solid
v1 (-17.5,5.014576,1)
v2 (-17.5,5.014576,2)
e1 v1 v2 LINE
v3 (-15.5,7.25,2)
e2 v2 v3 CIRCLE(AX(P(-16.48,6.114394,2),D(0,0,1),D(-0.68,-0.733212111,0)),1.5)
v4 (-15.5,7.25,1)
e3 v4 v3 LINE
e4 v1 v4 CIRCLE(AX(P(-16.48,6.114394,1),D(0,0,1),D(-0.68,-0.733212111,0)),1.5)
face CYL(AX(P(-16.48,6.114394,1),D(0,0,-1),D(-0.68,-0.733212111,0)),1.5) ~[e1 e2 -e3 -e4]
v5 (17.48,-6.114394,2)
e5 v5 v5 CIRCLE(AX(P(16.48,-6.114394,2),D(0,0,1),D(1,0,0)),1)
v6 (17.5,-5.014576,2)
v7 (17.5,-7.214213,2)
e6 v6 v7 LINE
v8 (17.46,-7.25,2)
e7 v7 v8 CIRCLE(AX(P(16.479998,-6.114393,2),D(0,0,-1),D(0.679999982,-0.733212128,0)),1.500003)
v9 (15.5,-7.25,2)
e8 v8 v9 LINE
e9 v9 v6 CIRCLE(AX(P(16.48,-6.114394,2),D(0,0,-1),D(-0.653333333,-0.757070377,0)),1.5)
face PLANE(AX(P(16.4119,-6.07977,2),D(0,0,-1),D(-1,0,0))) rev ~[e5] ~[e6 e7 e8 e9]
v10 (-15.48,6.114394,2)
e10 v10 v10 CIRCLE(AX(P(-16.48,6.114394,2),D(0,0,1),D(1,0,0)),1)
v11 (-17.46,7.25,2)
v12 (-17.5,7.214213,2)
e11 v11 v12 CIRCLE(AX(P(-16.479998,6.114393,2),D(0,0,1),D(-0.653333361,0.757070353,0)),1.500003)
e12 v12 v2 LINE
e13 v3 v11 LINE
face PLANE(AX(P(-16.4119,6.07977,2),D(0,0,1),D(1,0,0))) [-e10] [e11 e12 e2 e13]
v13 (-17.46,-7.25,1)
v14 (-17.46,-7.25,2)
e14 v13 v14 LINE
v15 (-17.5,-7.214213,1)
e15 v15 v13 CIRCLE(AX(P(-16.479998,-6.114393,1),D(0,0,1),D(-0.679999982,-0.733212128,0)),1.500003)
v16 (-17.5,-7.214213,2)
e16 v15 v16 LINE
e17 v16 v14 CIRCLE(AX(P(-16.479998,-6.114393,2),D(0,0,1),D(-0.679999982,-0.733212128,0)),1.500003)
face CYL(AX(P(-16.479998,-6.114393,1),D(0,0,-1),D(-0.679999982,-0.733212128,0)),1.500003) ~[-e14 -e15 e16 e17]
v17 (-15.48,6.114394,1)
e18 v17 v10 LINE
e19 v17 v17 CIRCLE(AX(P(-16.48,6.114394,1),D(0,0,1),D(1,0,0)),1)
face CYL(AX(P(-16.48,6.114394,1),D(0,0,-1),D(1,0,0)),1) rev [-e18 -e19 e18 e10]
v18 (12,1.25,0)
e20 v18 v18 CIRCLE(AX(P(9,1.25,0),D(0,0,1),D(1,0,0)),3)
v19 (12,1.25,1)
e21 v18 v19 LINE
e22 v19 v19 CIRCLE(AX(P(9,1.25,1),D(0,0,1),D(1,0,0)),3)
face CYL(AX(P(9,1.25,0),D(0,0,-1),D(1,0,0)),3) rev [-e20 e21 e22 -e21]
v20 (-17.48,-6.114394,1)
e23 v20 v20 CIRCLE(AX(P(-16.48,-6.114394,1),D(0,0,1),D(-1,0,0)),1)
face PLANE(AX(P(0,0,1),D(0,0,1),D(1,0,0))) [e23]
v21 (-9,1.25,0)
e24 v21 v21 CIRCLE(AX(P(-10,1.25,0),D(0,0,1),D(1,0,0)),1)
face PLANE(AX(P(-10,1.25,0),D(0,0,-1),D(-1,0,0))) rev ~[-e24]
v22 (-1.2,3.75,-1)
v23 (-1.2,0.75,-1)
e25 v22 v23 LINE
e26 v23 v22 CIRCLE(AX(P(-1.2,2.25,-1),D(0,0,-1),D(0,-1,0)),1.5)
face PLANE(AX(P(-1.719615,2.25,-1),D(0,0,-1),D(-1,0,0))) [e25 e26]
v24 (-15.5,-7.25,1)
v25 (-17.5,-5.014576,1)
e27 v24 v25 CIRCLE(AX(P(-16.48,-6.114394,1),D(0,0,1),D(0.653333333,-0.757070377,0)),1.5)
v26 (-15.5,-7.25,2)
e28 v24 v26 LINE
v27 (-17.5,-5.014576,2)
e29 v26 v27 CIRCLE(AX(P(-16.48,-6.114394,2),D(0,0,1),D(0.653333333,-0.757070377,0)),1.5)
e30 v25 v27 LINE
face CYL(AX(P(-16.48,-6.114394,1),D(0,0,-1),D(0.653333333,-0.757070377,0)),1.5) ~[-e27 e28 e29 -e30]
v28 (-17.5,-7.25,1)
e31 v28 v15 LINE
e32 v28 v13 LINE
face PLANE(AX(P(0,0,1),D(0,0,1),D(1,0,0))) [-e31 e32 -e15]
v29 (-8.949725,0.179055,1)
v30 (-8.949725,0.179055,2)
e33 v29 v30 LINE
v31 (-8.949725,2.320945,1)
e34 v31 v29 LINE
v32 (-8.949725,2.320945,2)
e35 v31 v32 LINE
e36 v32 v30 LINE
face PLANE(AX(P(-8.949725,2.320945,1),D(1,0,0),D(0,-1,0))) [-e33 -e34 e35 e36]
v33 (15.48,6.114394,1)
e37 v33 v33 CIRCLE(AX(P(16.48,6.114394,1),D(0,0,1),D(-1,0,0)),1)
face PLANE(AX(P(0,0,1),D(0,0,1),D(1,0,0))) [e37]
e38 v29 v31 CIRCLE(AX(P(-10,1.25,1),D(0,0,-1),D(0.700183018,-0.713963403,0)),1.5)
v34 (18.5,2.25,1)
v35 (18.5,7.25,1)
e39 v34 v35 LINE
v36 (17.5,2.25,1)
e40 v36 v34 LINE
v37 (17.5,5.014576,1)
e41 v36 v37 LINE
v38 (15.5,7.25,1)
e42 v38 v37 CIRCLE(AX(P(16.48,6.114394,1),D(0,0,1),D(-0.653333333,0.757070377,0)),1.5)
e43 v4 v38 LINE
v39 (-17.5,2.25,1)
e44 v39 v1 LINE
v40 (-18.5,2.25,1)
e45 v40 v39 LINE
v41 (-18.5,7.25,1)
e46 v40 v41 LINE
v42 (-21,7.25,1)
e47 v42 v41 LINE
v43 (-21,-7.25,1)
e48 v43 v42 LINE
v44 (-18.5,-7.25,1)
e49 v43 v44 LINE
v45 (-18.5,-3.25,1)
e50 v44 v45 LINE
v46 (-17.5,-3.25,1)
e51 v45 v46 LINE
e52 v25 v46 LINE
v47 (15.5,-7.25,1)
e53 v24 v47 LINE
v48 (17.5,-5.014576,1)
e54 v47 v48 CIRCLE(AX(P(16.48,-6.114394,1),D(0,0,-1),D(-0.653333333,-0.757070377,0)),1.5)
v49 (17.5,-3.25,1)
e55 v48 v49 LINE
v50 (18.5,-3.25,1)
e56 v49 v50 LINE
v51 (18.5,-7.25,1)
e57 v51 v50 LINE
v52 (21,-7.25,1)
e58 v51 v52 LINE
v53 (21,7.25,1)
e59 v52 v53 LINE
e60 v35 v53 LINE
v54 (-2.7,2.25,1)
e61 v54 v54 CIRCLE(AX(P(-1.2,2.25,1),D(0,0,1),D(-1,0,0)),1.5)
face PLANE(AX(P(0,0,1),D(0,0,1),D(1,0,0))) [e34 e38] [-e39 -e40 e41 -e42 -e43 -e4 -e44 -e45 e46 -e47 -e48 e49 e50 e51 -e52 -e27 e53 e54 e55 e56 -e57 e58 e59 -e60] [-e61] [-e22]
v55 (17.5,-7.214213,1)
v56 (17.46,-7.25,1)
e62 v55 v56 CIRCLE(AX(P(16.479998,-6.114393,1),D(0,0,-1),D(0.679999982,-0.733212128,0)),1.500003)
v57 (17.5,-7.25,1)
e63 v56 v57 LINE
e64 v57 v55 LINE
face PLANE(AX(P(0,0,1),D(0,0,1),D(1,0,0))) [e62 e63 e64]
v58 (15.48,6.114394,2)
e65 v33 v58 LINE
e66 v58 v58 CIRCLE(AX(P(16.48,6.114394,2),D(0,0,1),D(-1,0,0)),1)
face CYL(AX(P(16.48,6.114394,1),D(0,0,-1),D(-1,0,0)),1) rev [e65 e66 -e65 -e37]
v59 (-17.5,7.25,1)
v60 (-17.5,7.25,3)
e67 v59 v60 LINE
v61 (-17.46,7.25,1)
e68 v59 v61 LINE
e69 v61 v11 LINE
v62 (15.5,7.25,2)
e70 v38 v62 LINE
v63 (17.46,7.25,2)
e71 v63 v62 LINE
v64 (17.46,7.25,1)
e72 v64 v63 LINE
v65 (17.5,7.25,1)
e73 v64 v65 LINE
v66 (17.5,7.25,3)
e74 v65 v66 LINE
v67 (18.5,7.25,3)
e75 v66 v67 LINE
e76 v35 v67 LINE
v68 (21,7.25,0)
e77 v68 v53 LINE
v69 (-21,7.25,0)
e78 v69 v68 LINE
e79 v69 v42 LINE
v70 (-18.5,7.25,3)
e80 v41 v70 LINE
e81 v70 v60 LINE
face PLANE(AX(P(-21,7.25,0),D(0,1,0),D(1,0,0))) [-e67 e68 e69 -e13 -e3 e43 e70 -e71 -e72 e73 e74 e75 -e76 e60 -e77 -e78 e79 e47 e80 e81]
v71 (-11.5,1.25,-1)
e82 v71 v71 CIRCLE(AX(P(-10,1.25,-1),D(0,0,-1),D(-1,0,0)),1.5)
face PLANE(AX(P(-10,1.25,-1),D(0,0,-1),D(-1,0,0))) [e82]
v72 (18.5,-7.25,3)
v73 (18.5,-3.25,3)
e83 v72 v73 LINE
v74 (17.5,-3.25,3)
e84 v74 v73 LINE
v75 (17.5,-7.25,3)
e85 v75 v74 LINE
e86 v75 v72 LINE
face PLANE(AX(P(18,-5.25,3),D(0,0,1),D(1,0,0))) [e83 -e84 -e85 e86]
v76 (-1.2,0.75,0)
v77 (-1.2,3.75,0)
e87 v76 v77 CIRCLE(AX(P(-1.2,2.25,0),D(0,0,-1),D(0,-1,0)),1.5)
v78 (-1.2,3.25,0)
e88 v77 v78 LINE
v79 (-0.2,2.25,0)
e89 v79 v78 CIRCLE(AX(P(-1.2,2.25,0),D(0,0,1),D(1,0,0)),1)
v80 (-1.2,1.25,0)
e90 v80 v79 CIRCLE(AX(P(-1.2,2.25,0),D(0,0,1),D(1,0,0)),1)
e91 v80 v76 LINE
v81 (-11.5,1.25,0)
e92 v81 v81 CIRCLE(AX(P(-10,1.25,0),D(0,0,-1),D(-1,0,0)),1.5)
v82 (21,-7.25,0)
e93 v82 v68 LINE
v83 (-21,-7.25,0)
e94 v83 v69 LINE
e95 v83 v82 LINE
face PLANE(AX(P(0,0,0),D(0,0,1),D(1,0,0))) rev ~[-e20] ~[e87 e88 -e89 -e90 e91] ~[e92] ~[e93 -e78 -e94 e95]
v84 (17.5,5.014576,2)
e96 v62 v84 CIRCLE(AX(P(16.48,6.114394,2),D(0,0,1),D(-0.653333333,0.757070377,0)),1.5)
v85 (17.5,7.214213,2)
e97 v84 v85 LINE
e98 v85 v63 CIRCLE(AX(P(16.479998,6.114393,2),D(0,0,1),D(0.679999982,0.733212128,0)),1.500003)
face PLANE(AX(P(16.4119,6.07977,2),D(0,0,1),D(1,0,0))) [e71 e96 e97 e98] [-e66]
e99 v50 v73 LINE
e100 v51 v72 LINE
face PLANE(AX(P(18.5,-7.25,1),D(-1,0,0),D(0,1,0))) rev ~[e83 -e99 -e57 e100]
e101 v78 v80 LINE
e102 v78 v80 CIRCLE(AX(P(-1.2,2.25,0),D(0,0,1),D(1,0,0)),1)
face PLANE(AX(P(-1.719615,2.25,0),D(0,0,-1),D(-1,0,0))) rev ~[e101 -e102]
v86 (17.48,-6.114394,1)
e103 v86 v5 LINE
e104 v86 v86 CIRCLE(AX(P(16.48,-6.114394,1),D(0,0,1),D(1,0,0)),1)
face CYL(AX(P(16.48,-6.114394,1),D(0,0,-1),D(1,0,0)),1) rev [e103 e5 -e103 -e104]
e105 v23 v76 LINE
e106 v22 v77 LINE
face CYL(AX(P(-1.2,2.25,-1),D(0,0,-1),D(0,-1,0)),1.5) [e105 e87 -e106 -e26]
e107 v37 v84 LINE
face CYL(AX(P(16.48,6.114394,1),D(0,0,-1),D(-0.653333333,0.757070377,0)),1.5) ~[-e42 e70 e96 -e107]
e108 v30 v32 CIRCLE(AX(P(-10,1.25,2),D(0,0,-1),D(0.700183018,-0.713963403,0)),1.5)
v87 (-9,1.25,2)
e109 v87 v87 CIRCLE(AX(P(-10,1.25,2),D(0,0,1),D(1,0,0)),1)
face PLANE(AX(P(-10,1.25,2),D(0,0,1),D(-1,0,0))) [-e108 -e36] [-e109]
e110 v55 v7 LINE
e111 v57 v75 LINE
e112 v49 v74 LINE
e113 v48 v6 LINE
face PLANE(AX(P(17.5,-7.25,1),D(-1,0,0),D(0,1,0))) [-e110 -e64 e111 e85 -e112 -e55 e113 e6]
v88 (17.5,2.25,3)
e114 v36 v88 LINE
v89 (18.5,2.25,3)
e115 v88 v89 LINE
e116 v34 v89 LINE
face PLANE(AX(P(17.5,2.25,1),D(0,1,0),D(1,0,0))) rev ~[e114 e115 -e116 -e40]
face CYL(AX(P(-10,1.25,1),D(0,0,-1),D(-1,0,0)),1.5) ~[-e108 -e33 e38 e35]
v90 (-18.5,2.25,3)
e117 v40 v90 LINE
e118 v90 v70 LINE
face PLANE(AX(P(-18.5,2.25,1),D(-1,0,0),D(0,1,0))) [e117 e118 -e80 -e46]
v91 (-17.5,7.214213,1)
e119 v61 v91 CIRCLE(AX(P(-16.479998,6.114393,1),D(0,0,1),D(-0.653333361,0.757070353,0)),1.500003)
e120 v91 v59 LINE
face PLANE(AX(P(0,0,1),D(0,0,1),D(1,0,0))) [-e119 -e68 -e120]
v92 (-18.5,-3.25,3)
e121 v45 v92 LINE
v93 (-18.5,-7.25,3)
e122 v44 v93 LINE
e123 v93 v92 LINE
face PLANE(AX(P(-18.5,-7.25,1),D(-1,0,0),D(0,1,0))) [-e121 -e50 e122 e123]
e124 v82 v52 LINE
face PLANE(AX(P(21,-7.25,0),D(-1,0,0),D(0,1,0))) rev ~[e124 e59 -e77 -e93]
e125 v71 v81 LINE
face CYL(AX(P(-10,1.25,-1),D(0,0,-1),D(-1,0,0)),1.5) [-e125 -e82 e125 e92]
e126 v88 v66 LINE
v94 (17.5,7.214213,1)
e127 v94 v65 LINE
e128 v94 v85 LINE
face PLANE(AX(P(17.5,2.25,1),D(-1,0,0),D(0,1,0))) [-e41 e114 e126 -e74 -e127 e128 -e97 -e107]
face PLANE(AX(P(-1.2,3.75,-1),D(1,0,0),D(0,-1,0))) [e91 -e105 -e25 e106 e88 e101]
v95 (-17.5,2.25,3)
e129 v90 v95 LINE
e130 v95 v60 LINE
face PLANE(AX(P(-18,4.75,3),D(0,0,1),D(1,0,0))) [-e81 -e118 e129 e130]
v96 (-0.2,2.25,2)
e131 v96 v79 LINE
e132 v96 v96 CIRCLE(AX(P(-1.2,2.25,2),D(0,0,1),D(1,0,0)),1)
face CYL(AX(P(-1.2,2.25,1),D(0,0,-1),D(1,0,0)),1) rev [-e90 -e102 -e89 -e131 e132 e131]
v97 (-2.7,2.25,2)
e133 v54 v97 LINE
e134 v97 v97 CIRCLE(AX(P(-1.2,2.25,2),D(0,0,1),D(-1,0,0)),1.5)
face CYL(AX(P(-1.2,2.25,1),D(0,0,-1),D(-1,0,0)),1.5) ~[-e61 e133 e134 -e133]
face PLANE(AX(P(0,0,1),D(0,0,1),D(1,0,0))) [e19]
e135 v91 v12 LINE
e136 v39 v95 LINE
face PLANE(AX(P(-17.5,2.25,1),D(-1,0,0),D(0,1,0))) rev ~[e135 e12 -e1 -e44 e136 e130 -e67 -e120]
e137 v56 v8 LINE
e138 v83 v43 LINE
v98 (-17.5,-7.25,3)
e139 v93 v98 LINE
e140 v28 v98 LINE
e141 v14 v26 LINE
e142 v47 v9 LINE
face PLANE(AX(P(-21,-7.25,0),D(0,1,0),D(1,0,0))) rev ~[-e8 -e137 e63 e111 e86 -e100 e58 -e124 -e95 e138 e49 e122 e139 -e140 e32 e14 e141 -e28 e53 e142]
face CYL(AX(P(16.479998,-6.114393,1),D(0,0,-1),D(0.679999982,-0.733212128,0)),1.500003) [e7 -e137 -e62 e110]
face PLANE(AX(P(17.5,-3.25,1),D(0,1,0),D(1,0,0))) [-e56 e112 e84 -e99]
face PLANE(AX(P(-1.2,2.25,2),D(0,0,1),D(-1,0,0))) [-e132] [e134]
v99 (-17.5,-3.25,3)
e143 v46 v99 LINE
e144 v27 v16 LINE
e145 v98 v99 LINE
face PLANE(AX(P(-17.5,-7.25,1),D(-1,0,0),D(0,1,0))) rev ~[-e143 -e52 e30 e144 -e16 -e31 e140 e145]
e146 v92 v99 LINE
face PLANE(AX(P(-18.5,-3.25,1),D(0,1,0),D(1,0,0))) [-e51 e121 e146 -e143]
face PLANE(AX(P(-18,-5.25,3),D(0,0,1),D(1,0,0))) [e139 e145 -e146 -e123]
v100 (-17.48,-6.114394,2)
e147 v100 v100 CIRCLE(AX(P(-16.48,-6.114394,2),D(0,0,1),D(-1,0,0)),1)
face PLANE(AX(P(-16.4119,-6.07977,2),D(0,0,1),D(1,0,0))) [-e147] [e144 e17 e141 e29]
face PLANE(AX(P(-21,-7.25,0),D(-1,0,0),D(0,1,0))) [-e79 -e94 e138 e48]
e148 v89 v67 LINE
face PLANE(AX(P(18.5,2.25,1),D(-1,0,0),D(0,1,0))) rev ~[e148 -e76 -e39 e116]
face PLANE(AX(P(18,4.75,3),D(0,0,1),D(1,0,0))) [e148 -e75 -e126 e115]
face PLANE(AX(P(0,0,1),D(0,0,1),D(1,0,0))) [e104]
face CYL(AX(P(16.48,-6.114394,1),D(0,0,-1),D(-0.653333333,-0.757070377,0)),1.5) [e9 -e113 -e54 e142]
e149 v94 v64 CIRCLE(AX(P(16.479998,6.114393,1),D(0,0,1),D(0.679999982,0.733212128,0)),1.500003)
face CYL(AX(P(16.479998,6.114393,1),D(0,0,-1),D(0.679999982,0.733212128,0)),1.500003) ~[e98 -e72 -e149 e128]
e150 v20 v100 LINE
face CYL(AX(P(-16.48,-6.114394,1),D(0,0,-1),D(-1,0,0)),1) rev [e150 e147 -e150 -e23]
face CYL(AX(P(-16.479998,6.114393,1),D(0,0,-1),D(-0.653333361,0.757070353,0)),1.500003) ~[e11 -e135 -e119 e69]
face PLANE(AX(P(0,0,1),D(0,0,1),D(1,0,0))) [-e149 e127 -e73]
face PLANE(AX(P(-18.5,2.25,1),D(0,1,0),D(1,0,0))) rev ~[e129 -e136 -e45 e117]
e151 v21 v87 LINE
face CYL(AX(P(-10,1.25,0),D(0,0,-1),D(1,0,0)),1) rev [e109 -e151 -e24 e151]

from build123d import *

# Parameters (mm, degrees)
SCHIZZO2_W                   = 42
SCHIZZO2_H                   = 14.5
SCHIZZO2_R                   = 3
SCHIZZO2_R_2                 = 1
ESTRUSIONE_ESTRUSIONE1_DEPTH = 1
SCHIZZO4_W                   = 1
SCHIZZO4_H                   = 5
SCHIZZO4_H_2                 = 4
ESTRUSIONE_ESTRUSIONE2_DEPTH = 2
SCHIZZO5_R                   = 1.5
SCHIZZO5_R_2                 = 1
ESTRUSIONE_ESTRUSIONE3_DEPTH = 1
TAGLIO_ESTRUSIONE1_START     = -1
TAGLIO_ESTRUSIONE1_DEPTH     = 1
ESTRUSIONE_ESTRUSIONE4_START = 1
SCHIZZO7_R                   = 1.5
ESTRUSIONE_ESTRUSIONE4_DEPTH = 1


with BuildPart() as part:
    # Schizzo2 → Estrusione-Estrusione1 (new body)
    with BuildSketch(Plane.XY):
        Rectangle(SCHIZZO2_W, SCHIZZO2_H)
        with Locations((9, 1.25)):
            Circle(SCHIZZO2_R, mode=Mode.SUBTRACT)
        with Locations((-1.2, 2.25)):
            Circle(SCHIZZO2_R_2, mode=Mode.SUBTRACT)
        with Locations((-10, 1.25)):
            Circle(SCHIZZO2_R_2, mode=Mode.SUBTRACT)
    extrude(amount=ESTRUSIONE_ESTRUSIONE1_DEPTH)

    # Schizzo4 → Estrusione-Estrusione2 (add)
    with BuildSketch(Plane.XY.offset(1)):
        with Locations((18, 4.75)):
            Rectangle(SCHIZZO4_W, SCHIZZO4_H)
        with Locations((18, -5.25)):
            Rectangle(SCHIZZO4_W, SCHIZZO4_H_2)
        with Locations((-18, -5.25)):
            Rectangle(SCHIZZO4_W, SCHIZZO4_H_2)
        with Locations((-18, 4.75)):
            Rectangle(SCHIZZO4_W, SCHIZZO4_H)
    extrude(amount=ESTRUSIONE_ESTRUSIONE2_DEPTH)

    # Schizzo5 → Estrusione-Estrusione3 (add)
    # profile 1 of 6: a face of its own
    with BuildSketch(Plane.XY.offset(1)):
        with Locations(Location((-1.2, 2.25, 0), (0, 0, 180))):
            Circle(SCHIZZO5_R)
        with Locations((-1.2, 2.25)):
            Circle(SCHIZZO5_R_2, mode=Mode.SUBTRACT)
    # profile 2 of 6: a face of its own
    with BuildSketch(Plane.XY.offset(1)):
        with Locations(Location((-10, 1.25, 0), (0, 0, 180))):
            Circle(SCHIZZO5_R)
        with Locations((-10, 1.25)):
            Circle(SCHIZZO5_R_2, mode=Mode.SUBTRACT)
    # profile 3 of 6: a face of its own
    with BuildSketch(Plane.XY.offset(1)):
        with BuildLine():
            Line((-17.5, 7.214212601), (-17.5, 5.014576268))
            ThreePointArc((-17.5, 5.014576268), (-15.362109211, 5.114234355), (-15.5, 7.25))
            Line((-15.5, 7.25), (-17.46, 7.25))
            ThreePointArc((-17.46, 7.25), (-17.480160079, 7.232285223), (-17.5, 7.214212601))
        make_face()
        with Locations((-16.48, 6.114394435)):
            Circle(SCHIZZO5_R_2, mode=Mode.SUBTRACT)
    # profile 4 of 6: a face of its own
    with BuildSketch(Plane.XY.offset(1)):
        with BuildLine():
            Line((-17.46, -7.25), (-15.5, -7.25))
            ThreePointArc((-15.5, -7.25), (-15.362109211, -5.114234355), (-17.5, -5.014576268))
            Line((-17.5, -5.014576268), (-17.5, -7.214212601))
            ThreePointArc((-17.5, -7.214212601), (-17.480160079, -7.232285223), (-17.46, -7.25))
        make_face()
        with Locations(Location((-16.48, -6.114394435, 0), (0, 0, 180))):
            Circle(SCHIZZO5_R_2, mode=Mode.SUBTRACT)
    # profile 5 of 6: a face of its own
    with BuildSketch(Plane.XY.offset(1)):
        with BuildLine():
            Line((17.46, -7.25), (15.5, -7.25))
            ThreePointArc((15.5, -7.25), (15.362109211, -5.114234355), (17.5, -5.014576268))
            Line((17.5, -5.014576268), (17.5, -7.214212601))
            ThreePointArc((17.5, -7.214212601), (17.480160079, -7.232285223), (17.46, -7.25))
        make_face()
        with Locations((16.48, -6.114394435)):
            Circle(SCHIZZO5_R_2, mode=Mode.SUBTRACT)
    # profile 6 of 6: a face of its own
    with BuildSketch(Plane.XY.offset(1)):
        with BuildLine():
            Line((17.46, 7.25), (15.5, 7.25))
            ThreePointArc((15.5, 7.25), (15.362109211, 5.114234355), (17.5, 5.014576268))
            Line((17.5, 5.014576268), (17.5, 7.214212601))
            ThreePointArc((17.5, 7.214212601), (17.480160079, 7.232285223), (17.46, 7.25))
        make_face()
        with Locations(Location((16.48, 6.114394435, 0), (0, 0, 180))):
            Circle(SCHIZZO5_R_2, mode=Mode.SUBTRACT)
    extrude(amount=ESTRUSIONE_ESTRUSIONE3_DEPTH)

    # Schizzo6 → Taglio-Estrusione1 (cut)
    with BuildSketch(Plane.XY.offset(2).offset(TAGLIO_ESTRUSIONE1_START)):
        with BuildLine():
            Line((-8.949725473, 2.320945105), (-8.949725473, 0.179054895))
            ThreePointArc((-8.949725473, 0.179054895), (-8.5, 1.25), (-8.949725473, 2.320945105))
        make_face()
    extrude(amount=TAGLIO_ESTRUSIONE1_DEPTH, mode=Mode.SUBTRACT)

    # Schizzo7 → Estrusione-Estrusione4 (add)
    with BuildSketch(Plane(origin=(0, 0, 0), x_dir=(-1, 0, 0), z_dir=(0, 0, -1)).offset(ESTRUSIONE_ESTRUSIONE4_START)):
        with Locations((10, 1.25)):
            Circle(SCHIZZO7_R)
        with BuildLine():
            Line((1.2, 3.75), (1.2, 0.75))
            ThreePointArc((1.2, 0.75), (2.7, 2.25), (1.2, 3.75))
        make_face()
    extrude(amount=-ESTRUSIONE_ESTRUSIONE4_DEPTH)


solid = part.part
